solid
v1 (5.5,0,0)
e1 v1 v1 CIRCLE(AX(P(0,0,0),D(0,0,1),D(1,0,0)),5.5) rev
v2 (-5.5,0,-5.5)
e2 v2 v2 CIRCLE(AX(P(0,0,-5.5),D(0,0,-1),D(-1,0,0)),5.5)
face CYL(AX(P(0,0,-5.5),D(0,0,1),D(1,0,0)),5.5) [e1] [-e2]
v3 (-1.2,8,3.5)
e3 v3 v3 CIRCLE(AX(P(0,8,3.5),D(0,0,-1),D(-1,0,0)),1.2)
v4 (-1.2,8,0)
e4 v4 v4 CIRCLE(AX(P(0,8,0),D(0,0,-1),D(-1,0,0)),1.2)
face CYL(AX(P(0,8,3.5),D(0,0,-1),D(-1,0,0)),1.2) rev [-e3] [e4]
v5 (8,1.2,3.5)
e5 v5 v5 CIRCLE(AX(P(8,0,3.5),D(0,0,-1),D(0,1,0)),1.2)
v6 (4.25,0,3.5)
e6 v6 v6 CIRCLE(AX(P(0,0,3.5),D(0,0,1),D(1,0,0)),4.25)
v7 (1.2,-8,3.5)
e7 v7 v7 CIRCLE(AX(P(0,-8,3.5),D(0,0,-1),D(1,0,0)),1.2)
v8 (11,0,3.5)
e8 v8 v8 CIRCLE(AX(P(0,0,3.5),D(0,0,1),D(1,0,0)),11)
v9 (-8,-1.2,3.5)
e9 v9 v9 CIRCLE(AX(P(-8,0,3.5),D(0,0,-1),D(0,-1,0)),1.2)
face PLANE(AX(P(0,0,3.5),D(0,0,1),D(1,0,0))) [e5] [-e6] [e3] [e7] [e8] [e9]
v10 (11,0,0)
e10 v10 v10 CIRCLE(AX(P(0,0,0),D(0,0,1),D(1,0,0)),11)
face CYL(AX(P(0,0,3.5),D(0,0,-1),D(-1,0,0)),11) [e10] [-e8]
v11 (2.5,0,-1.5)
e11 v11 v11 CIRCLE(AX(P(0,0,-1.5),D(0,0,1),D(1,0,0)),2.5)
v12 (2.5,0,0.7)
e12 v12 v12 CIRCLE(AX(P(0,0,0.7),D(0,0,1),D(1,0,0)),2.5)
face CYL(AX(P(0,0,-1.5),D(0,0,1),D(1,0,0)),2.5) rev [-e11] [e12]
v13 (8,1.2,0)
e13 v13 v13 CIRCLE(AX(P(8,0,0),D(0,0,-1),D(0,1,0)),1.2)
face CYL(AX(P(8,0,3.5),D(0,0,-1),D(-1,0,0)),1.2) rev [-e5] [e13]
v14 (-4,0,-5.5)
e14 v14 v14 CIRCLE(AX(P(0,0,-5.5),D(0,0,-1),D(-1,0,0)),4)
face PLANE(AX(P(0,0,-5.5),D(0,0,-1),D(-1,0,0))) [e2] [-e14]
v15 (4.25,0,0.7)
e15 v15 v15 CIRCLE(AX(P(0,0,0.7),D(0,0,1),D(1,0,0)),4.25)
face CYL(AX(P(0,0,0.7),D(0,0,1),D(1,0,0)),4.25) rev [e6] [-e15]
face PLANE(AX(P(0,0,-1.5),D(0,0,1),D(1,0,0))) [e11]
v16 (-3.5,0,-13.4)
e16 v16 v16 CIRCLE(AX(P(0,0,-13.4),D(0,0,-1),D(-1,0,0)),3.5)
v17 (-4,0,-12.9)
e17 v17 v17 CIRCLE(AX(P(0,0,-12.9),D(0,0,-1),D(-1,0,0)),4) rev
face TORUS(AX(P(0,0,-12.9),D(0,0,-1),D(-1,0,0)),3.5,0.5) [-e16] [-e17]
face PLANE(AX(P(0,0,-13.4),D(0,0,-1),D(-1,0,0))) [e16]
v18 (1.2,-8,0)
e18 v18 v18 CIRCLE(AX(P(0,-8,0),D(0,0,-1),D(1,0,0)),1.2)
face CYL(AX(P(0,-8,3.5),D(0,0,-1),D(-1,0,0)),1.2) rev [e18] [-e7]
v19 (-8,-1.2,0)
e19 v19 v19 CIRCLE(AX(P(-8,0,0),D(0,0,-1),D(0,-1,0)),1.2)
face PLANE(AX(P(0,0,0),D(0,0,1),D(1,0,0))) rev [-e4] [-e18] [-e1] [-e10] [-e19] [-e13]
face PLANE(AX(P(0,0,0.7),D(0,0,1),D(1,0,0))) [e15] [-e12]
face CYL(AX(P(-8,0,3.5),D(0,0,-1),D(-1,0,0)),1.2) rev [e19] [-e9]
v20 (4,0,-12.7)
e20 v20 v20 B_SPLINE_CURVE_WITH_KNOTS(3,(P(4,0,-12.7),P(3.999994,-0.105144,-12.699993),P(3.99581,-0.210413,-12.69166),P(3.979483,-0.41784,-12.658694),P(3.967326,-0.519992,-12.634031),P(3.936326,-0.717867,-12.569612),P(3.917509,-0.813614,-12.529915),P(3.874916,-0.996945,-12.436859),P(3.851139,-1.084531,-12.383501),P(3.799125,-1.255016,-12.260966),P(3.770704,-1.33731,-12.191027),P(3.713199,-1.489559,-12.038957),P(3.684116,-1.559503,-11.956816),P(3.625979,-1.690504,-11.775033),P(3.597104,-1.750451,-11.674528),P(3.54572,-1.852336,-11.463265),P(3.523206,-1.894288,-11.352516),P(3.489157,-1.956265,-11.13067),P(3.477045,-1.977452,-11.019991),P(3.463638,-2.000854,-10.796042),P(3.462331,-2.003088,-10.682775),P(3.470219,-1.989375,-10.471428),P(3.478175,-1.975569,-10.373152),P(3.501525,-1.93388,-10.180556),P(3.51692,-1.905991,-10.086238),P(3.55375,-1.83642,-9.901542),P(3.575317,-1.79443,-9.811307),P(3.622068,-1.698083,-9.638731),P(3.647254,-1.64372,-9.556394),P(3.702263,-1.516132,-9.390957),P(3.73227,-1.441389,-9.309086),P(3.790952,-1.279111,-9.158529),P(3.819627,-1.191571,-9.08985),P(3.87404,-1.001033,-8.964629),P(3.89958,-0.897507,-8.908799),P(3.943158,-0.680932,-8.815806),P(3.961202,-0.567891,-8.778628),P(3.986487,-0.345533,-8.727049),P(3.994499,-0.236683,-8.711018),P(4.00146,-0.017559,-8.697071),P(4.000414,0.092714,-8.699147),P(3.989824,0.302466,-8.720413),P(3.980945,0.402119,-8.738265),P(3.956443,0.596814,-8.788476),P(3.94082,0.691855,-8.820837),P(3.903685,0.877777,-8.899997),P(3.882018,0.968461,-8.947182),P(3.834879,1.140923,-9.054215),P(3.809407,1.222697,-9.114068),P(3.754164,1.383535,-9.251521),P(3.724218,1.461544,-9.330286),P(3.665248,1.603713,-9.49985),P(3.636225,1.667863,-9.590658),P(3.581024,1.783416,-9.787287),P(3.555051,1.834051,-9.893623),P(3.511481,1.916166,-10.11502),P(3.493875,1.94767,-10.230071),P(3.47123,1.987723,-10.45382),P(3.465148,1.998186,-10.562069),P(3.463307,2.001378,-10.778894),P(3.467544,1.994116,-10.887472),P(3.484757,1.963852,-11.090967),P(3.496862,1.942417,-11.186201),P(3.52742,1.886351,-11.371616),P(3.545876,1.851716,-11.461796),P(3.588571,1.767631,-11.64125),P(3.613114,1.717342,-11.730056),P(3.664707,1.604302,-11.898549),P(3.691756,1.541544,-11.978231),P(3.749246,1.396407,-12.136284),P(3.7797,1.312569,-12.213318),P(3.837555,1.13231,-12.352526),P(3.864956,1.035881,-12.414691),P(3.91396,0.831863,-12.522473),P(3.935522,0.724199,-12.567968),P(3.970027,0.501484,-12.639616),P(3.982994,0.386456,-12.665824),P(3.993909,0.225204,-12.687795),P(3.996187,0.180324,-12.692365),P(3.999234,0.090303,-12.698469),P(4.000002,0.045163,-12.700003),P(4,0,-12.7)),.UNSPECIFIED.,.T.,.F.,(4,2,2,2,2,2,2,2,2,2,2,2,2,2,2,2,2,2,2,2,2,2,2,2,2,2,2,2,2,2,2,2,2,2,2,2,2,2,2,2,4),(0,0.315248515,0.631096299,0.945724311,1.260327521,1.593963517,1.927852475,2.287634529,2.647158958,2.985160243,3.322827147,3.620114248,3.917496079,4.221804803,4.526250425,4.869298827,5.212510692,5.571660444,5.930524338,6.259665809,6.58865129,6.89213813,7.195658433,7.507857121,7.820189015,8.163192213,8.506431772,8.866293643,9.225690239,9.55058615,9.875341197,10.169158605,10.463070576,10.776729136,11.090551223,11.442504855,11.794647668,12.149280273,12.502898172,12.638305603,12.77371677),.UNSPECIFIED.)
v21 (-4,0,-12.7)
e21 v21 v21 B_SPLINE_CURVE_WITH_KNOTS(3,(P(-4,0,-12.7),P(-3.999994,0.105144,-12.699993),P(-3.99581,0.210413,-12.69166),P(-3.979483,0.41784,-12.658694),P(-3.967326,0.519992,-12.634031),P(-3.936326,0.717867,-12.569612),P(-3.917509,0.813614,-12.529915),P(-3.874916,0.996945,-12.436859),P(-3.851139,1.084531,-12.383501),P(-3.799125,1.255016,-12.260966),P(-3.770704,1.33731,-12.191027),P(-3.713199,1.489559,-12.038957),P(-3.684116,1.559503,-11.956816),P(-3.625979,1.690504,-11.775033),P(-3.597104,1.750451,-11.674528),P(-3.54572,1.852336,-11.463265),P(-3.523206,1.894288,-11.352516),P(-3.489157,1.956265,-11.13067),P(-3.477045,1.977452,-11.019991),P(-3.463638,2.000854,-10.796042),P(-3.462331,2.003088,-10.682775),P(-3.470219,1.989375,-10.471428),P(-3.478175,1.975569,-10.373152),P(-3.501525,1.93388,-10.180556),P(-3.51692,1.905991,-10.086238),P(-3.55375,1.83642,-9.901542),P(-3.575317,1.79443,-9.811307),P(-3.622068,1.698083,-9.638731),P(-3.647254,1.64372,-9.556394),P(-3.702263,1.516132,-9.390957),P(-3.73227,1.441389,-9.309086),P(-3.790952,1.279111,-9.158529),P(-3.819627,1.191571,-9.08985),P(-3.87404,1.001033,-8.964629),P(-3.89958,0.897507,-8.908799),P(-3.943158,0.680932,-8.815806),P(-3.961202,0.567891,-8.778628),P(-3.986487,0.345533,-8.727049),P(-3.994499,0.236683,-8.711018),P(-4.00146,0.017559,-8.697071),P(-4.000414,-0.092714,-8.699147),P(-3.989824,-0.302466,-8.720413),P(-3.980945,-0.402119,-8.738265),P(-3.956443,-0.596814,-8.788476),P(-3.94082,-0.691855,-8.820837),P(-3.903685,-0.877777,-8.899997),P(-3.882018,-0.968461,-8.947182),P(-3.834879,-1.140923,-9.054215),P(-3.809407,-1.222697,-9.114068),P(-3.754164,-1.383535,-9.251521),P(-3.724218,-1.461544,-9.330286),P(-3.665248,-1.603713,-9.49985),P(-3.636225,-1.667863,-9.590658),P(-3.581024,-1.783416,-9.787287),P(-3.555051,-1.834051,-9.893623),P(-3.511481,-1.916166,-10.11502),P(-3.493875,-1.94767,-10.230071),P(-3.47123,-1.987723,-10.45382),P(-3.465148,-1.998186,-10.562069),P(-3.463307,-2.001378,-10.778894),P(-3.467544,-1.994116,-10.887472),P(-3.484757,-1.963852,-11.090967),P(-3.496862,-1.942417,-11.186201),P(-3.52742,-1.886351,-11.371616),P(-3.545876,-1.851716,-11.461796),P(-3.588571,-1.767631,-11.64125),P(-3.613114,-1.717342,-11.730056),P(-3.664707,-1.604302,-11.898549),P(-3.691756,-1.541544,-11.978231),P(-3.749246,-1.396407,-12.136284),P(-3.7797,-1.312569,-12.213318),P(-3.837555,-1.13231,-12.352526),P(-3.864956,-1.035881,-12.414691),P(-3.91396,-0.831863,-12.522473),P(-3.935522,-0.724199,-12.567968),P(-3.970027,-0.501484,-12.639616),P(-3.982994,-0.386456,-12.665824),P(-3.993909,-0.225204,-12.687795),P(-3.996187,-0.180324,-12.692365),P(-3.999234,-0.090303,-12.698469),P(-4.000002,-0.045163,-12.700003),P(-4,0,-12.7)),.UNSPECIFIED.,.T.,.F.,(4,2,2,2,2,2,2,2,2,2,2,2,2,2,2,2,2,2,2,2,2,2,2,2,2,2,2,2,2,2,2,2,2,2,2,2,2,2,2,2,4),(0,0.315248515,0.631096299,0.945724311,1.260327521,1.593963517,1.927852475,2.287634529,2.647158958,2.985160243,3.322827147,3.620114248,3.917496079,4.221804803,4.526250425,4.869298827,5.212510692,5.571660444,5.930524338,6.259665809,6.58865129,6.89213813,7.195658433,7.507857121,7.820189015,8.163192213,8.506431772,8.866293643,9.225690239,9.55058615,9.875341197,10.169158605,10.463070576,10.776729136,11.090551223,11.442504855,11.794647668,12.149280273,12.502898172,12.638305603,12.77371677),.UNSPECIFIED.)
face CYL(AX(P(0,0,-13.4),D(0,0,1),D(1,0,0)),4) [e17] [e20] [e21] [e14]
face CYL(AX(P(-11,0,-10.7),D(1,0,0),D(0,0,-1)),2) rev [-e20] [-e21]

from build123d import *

# Parameters (mm, degrees)
SKETCH_2_R               = 11
EXTRUDE_1_DEPTH          = 3.5
SKETCH_3_R               = 4.25
CUT_EXTRUDE_1_DEPTH      = 2.8
SKETCH_4_R               = 1.2
CUT_EXTRUDE_2_DEPTH      = 16.945218719
PATTERN_CIRCULAR_1_COUNT = 4
SKETCH_6_R               = 4
EXTRUDE_2_DEPTH          = 13.4
CUT_EXTRUDE1_DEPTH       = 21.531926359
CUT_EXTRUDE1_DEPTH_BACK  = 21.531926359
SKETCH1_R                = 2
SKETCH_15_R              = 5.5
EXTRUDE_3_DEPTH          = 5.5
FILLET_1_R               = 0.5
SKETCH_11_R              = 2.5
CUT_EXTRUDE_6_DEPTH      = 2.2


with BuildPart() as part:
    # 草图2 → 凸台-拉伸1 (new body)
    with BuildSketch(Plane.XY):
        Circle(SKETCH_2_R)
    extrude(amount=EXTRUDE_1_DEPTH)

    # 草图3 → 切除-拉伸1 (cut)
    with BuildSketch(Plane.XY.offset(3.5)):
        Circle(SKETCH_3_R)
    extrude(amount=-CUT_EXTRUDE_1_DEPTH, mode=Mode.SUBTRACT)

    # 草图4 → 切除-拉伸2 (cut, through all)
    with BuildSketch(Plane(origin=(0, 0, 0), x_dir=(-1, 0, 0), z_dir=(0, 0, -1))):
        with Locations((0, 8)):
            Circle(SKETCH_4_R)
    cut_extrude_2 = extrude(amount=-CUT_EXTRUDE_2_DEPTH, mode=Mode.SUBTRACT)

    # 阵列(圆周)1: 切除-拉伸2 ×4 about axis
    pattern_circular_1_axis = Axis((0, 0, 0), (0, 0, 1))
    for i in range(1, PATTERN_CIRCULAR_1_COUNT):
        add(cut_extrude_2.rotate(pattern_circular_1_axis, i * 360 / PATTERN_CIRCULAR_1_COUNT), mode=Mode.SUBTRACT)

    # 草图6 → 凸台-拉伸2 (add)
    with BuildSketch(Plane(origin=(0, 0, 0), x_dir=(-1, 0, 0), z_dir=(0, 0, -1))):
        with Locations(Location((0, 0, 0), (0, 0, 180))):
            Circle(SKETCH_6_R)
    extrude(amount=EXTRUDE_2_DEPTH)

    # Sketch1 → Cut-Extrude1 (cut, two sides: drawn at the far end of the back side and taken through both)
    with BuildSketch(Plane(origin=(0, 0, 0), x_dir=(0, 0, -1), z_dir=(1, 0, 0)).offset(-CUT_EXTRUDE1_DEPTH_BACK)):
        with Locations((10.7, 0)):
            Circle(SKETCH1_R)
    extrude(amount=CUT_EXTRUDE1_DEPTH + CUT_EXTRUDE1_DEPTH_BACK, mode=Mode.SUBTRACT)

    # 草图15 → 凸台-拉伸3 (add)
    with BuildSketch(Plane(origin=(0, 0, 0), x_dir=(-1, 0, 0), z_dir=(0, 0, -1))):
        with Locations(Location((0, 0, 0), (0, 0, 180))):
            Circle(SKETCH_15_R)
    extrude(amount=EXTRUDE_3_DEPTH)

    # 圆角1
    fillet_1_edges = [part.edges().sort_by_distance(p)[0] for p in [
        (-4, 0, -13.4),
    ]]
    fillet(fillet_1_edges, radius=FILLET_1_R)

    # 草图11 → 切除-拉伸6 (cut)
    with BuildSketch(Plane.XY.offset(0.7)):
        Circle(SKETCH_11_R)
    extrude(amount=-CUT_EXTRUDE_6_DEPTH, mode=Mode.SUBTRACT)


solid = part.part
